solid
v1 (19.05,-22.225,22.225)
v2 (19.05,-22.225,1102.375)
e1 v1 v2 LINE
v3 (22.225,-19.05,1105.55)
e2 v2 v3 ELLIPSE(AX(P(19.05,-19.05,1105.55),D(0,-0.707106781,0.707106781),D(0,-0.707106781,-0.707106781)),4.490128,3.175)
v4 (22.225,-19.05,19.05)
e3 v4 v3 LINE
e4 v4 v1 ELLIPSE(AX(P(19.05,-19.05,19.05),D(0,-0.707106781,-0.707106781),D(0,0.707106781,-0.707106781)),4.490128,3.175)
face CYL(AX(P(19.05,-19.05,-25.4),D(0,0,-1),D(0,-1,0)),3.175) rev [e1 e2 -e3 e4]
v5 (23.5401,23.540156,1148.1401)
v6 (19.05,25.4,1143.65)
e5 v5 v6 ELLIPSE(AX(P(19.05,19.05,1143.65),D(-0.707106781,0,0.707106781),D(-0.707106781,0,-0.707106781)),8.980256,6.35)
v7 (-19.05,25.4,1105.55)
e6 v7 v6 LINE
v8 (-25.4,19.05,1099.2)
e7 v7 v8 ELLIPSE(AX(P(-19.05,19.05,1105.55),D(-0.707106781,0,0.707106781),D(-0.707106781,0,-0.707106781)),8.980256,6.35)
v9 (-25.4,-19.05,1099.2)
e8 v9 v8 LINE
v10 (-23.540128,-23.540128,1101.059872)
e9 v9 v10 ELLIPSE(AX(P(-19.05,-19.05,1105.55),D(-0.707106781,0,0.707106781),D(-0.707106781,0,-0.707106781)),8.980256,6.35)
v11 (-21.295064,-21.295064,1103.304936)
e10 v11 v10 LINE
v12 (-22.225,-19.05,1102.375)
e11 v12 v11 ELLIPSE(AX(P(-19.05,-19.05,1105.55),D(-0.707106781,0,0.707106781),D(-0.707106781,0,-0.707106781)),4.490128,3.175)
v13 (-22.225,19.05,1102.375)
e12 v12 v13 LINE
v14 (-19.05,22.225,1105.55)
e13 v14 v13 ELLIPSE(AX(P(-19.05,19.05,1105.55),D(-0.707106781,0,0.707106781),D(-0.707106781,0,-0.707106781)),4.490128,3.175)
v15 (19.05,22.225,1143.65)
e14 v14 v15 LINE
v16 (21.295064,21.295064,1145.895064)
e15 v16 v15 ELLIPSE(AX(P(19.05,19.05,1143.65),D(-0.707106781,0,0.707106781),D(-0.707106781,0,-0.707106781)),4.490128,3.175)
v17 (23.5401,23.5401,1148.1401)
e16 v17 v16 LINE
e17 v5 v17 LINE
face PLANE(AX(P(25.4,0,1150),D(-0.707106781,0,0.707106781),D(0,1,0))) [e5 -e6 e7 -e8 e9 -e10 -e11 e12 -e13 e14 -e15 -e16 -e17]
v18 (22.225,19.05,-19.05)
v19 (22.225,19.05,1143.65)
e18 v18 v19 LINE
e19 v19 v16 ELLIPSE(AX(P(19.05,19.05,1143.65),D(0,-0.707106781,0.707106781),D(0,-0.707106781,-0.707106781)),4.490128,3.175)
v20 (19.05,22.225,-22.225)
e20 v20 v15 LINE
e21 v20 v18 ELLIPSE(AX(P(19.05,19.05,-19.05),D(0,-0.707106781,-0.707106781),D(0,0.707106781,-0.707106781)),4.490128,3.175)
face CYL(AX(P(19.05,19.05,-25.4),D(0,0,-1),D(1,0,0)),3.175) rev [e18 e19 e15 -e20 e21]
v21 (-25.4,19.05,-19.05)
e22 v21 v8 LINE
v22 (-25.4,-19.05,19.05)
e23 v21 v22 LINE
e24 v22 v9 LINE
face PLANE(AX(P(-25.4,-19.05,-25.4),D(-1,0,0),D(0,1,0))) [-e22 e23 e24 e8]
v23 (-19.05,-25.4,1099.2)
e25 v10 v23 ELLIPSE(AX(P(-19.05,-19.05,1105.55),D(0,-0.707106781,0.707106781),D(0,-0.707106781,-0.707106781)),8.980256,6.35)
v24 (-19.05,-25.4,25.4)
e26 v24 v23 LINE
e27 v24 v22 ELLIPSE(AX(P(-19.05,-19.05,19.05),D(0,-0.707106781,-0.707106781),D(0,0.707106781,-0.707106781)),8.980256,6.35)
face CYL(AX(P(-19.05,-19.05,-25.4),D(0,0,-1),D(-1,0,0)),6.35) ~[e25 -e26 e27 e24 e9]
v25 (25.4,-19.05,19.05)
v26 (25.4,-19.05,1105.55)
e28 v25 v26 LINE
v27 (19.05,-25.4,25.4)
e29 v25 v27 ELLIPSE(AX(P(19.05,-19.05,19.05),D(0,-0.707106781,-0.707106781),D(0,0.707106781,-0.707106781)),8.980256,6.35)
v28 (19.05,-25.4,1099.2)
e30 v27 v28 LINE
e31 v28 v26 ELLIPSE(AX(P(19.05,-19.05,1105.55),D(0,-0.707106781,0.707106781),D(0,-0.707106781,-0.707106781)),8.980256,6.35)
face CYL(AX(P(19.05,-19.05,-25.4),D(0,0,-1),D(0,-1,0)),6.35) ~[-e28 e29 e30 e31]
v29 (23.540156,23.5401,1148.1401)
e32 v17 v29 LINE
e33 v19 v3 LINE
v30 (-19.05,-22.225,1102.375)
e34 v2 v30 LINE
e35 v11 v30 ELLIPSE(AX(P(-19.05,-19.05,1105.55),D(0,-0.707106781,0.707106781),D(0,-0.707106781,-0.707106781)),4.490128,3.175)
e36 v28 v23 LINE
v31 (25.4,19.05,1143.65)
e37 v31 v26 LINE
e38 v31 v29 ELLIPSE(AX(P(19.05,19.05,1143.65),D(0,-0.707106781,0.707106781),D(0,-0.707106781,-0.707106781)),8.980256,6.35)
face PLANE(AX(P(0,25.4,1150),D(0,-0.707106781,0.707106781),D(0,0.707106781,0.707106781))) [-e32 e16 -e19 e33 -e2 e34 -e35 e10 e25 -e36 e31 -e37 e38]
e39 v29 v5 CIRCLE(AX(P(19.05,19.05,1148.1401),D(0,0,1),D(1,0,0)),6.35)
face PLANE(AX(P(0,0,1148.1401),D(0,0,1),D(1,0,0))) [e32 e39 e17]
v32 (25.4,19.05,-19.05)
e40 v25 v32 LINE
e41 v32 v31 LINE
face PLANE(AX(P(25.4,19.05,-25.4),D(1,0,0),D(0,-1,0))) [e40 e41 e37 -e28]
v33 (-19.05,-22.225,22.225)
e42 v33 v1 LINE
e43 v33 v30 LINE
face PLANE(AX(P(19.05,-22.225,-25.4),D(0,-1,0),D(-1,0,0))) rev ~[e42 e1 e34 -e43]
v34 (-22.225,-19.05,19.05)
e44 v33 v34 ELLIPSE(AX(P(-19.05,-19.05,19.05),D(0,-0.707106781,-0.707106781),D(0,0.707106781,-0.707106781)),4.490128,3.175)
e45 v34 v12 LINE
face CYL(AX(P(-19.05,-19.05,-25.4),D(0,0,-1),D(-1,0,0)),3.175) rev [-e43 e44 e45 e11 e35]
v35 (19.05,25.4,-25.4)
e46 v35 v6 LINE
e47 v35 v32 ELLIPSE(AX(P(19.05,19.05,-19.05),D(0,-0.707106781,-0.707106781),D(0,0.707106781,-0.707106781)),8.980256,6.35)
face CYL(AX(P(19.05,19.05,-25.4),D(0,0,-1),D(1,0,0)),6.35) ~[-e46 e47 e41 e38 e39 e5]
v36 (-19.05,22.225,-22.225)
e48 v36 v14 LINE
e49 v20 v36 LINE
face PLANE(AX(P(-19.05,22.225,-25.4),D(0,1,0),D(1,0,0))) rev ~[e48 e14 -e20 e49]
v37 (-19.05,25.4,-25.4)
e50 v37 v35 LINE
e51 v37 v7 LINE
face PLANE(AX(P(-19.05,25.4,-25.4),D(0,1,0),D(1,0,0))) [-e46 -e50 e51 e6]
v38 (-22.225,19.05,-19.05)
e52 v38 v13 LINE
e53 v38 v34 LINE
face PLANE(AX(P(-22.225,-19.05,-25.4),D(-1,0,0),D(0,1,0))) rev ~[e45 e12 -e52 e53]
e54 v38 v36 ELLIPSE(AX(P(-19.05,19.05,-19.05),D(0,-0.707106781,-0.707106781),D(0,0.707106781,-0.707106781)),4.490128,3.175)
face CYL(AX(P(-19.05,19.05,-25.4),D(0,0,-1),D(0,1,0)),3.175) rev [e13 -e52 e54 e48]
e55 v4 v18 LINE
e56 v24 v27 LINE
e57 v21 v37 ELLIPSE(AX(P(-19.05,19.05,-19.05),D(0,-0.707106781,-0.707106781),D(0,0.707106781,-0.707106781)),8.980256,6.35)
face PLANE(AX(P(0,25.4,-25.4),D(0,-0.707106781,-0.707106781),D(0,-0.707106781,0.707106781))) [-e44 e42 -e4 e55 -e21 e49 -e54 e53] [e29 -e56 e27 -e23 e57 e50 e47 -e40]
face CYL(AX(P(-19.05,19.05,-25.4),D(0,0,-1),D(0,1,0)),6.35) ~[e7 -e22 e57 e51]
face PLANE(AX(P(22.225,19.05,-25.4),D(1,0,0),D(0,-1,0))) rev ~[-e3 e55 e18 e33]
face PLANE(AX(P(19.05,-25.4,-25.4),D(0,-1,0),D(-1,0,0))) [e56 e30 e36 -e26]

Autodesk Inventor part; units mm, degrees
ref_plane "Plano inicial" through (0, 0, -25.4) normal (0, 0, 1) x (1, 0, 0)
ref_plane "Plano final" through (0, 0, 1148.1401) normal (0, 0, 1) x (1, 0, 0)
sketch "Boceto" plane through (0, 0, 0) normal (0, 0, 1) x (1, 0, 0)
  line L0 (-25.4, -19.05) -> (-25.4, 19.05)
  line L1 (-19.05, 25.4) -> (19.05, 25.4)
  line L2 (25.4, 19.05) -> (25.4, -19.05)
  line L3 (19.05, -25.4) -> (-19.05, -25.4)
  arc A0 (-25.4, -19.05) -> (-19.05, -25.4) centre (-19.05, -19.05) ccw
  arc A1 (-19.05, 25.4) -> (-25.4, 19.05) centre (-19.05, 19.05) ccw
  arc A2 (25.4, 19.05) -> (19.05, 25.4) centre (19.05, 19.05) ccw
  arc A3 (19.05, -25.4) -> (25.4, -19.05) centre (19.05, -19.05) ccw
  arc A4 (-19.05, 22.225) -> (-22.225, 19.05) centre (-19.05, 19.05) ccw
  line L4 (-19.05, 22.225) -> (19.05, 22.225)
  arc A5 (22.225, 19.05) -> (19.05, 22.225) centre (19.05, 19.05) ccw
  line L5 (22.225, 19.05) -> (22.225, -19.05)
  arc A6 (19.05, -22.225) -> (22.225, -19.05) centre (19.05, -19.05) ccw
  line L6 (19.05, -22.225) -> (-19.05, -22.225)
  arc A7 (-22.225, -19.05) -> (-19.05, -22.225) centre (-19.05, -19.05) ccw
  line L7 (-22.225, -19.05) -> (-22.225, 19.05)
  line L8 (0, 37.4012) -> (0, -37.4012) construction
  line L9 (-37.4012, 0) -> (37.4012, 0) construction
  dimension "d10" = 50.8
  dimension "d11" = 50.8
  dimension "d12" = 3.175
  dimension "d15" = 25.4
  dimension "d16" = 25.4
  dimension "d17" = 6.35
extrude "Cuerpo" add sketch "Boceto" along normal up to surface (1173.5401 mm away) from surface at -25.4
sketch "Sketch3" plane through (0, 0, 0) normal (0, 0, 1) x (1, 0, 0)
  line L0 (0, 0) -> (10, 0)
ref_plane "Work Plane3" through (0, 0, 0) normal (0, -1, 0) x (1, 0, 0)
ref_plane "Plano de trabajo4" through (0, 25.4, -25.4) normal (0, -0.7071, -0.7071) x (1, 0, 0)
split "Dividir1" plane through (0, 25.4, -25.4) removes the side toward (0, -0.7071, -0.7071)
ref_plane "Plano de trabajo5" through (0, 25.4, 1150) normal (0, -0.7071, 0.7071) x (1, 0, 0)
split "Dividir2" plane through (0, 25.4, 1150) removes the side toward (0, -0.7071, 0.7071)
ref_plane "Plano de trabajo6" through (25.4, 0, 1150) normal (-0.7071, 0, 0.7071) x (0.7071, 0, 0.7071)
split "Dividir3" plane through (25.4, 0, 1150) removes the side toward (-0.7071, 0, 0.7071)
sketch "Sketch4" plane through (0, 0, 0) normal (0, -1, 0) x (1, 0, 0)
  line L0 (-2, -25.4) -> (12, -25.4) projected
  line L1 (-2, 1148.1401) -> (12, 1148.1401) projected
  dimension "d19" = 1173.5401
equation "\"d10\" = G_H"
equation "\"d11\" = G_W"
equation "\"d12\" = G_T"
equation "\"d15\" = 0.5 * d10"
equation "\"d16\" = 0.5 * d11"
equation "\"d17\" = G_IR"
equation "\"d3\" = G_L"
equation "\"G_W\" = 50.8"
equation "\"G_H\" = 50.8"
equation "\"G_T\" = 3.175"
equation "\"G_IR\" = 6.35"
equation "\"G_L\" = d19"
equation "\"G_OFFSET_START\" = 25.4"
equation "\"G_OFFSET_END\" = -1.85987"
equation "\"d13\" = -G_OFFSET_START"
equation "\"d14\" = G_OFFSET_END + B_L"
equation "\"B_L\" = 1150"
properties part number "AISC - 2 x 2 x 1/8 - 46,202" material "Acero, suave"
